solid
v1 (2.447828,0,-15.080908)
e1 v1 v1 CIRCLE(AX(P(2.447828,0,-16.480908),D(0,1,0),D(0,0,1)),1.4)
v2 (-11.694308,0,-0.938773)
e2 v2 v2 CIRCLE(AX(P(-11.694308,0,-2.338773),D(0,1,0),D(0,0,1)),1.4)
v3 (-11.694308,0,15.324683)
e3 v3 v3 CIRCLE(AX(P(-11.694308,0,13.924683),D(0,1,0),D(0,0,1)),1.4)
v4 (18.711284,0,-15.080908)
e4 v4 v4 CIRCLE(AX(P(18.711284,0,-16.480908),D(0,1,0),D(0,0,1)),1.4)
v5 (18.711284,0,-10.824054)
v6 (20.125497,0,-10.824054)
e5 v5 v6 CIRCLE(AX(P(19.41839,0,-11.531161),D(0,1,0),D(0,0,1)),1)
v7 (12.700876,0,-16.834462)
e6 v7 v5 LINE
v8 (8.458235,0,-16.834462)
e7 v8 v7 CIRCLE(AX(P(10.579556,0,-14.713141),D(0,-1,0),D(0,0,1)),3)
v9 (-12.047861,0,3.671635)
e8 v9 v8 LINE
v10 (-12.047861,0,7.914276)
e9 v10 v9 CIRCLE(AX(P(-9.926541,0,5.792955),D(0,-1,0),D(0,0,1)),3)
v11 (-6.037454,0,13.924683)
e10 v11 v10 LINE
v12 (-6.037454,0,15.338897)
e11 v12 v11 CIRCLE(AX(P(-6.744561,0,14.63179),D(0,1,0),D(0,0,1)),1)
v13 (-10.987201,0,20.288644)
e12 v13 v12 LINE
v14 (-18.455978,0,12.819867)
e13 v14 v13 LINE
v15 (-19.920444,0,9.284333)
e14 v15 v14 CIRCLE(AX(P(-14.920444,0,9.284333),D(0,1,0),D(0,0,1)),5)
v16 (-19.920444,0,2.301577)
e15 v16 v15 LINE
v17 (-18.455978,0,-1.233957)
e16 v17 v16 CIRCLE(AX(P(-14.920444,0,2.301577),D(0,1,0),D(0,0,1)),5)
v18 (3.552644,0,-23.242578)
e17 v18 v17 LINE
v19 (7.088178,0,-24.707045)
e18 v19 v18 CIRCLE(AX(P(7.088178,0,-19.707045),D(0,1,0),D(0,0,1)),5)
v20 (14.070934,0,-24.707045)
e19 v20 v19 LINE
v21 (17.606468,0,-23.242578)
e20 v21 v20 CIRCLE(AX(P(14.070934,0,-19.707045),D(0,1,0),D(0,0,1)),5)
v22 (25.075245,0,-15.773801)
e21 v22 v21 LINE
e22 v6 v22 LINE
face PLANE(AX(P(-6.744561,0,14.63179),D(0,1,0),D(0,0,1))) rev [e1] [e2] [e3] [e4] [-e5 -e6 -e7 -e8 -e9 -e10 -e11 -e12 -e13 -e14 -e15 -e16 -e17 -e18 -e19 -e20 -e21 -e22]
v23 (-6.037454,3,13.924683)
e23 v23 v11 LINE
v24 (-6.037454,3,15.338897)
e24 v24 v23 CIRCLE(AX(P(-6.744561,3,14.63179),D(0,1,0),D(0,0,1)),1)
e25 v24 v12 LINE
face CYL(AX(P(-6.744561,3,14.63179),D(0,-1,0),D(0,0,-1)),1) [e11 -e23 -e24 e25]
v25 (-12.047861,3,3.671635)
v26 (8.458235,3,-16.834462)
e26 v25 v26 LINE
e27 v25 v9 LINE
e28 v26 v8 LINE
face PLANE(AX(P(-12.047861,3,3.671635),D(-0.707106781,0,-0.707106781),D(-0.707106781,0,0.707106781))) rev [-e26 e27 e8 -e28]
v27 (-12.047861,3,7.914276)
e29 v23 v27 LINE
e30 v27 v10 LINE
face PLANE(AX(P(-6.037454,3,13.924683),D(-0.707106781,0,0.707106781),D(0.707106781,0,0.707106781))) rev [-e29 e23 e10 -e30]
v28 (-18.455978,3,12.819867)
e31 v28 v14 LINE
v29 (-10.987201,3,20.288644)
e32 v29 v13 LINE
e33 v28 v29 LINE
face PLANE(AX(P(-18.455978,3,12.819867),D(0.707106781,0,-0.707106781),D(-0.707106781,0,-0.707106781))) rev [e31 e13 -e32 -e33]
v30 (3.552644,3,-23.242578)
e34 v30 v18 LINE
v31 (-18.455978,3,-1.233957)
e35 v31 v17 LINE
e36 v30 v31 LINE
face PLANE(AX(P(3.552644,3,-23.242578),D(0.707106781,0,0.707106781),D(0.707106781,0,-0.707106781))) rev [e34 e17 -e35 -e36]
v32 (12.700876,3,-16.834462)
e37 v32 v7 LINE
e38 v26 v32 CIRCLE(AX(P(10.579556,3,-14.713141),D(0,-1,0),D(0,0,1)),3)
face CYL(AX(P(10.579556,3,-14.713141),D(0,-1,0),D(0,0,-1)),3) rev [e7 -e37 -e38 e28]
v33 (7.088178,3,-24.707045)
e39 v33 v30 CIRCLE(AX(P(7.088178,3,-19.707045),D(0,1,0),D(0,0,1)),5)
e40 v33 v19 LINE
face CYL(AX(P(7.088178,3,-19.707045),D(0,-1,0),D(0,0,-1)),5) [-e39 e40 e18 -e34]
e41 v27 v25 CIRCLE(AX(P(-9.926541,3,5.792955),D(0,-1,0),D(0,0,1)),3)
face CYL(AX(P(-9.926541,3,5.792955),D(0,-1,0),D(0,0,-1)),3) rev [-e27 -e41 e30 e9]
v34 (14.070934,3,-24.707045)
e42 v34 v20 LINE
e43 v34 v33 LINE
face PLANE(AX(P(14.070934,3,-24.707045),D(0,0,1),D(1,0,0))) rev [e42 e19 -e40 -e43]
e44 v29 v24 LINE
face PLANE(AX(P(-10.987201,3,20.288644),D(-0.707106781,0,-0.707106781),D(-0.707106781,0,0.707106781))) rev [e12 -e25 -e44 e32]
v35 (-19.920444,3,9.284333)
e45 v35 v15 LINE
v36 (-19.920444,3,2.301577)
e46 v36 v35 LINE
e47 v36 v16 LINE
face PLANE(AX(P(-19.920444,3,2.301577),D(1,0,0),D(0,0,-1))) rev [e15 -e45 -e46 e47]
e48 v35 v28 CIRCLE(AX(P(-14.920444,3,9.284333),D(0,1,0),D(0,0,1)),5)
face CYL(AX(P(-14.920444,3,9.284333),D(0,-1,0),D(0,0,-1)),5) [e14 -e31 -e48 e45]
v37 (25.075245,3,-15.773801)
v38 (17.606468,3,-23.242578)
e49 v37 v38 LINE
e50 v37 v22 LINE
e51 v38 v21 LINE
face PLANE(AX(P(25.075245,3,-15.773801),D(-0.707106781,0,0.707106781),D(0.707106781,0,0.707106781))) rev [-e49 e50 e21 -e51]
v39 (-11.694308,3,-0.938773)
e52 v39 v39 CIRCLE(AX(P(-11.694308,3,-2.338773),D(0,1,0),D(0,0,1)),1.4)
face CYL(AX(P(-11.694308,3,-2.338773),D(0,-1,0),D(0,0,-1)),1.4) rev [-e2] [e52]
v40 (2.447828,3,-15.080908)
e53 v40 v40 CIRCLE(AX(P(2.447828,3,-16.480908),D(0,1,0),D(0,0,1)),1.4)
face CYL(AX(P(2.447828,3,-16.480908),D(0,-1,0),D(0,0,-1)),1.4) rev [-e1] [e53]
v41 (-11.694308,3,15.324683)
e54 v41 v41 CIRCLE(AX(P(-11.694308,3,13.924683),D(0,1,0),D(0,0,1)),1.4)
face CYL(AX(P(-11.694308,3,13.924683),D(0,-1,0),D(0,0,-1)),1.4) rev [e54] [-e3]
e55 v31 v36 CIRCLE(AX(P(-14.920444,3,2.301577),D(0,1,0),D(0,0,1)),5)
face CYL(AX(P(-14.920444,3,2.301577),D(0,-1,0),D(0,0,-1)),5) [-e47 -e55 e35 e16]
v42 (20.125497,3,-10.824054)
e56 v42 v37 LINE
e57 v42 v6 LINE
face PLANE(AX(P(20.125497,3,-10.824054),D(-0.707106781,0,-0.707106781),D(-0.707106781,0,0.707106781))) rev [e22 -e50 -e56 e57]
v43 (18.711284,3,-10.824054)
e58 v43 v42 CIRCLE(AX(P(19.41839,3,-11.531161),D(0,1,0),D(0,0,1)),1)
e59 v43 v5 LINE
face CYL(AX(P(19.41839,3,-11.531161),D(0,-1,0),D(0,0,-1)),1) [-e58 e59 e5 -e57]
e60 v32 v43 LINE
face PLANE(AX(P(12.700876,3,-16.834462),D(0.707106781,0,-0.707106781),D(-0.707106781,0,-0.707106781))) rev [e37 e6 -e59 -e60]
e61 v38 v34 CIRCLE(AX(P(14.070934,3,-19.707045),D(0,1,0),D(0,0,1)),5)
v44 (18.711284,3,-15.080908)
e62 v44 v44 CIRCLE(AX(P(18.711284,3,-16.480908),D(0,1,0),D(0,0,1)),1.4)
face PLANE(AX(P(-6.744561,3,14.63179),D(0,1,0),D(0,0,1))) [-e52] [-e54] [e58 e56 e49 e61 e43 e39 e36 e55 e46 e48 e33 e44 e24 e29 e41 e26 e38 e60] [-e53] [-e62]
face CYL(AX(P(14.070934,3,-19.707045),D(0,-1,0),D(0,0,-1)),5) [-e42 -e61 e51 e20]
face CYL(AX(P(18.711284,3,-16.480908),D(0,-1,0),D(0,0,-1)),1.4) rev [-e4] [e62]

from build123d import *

# Parameters (mm, degrees)
SKETCH1_R           = 1.4
BOSS_EXTRUDE1_DEPTH = 3


with BuildPart() as part:
    # Sketch1 → Boss-Extrude1 (new body)
    with BuildSketch(Plane(origin=(0, 0, 0), x_dir=(1, 0, 0), z_dir=(0, 1, 0))):
        with BuildLine():
            Line((-6.037453791, -13.924683413), (-12.047861431, -7.914275773))
            ThreePointArc((-12.047861431, -7.914275773), (-12.926541087, -5.792955429), (-12.047861431, -3.671635086))
            Line((-12.047861431, -3.671635086), (8.458235223, 16.834461569))
            ThreePointArc((8.458235223, 16.834461569), (10.579555567, 17.713141225), (12.700875911, 16.834461569))
            Line((12.700875911, 16.834461569), (18.711283551, 10.824053929))
            ThreePointArc((18.711283551, 10.824053929), (19.418390332, 10.53116071), (20.125497113, 10.824053929))
            Line((20.125497113, 10.824053929), (25.075244581, 15.773801397))
            Line((25.075244581, 15.773801397), (17.606467502, 23.242578477))
            ThreePointArc((17.606467502, 23.242578477), (15.984350757, 24.326442233), (14.070933596, 24.707044571))
            Line((14.070933596, 24.707044571), (7.088177538, 24.707044571))
            ThreePointArc((7.088177538, 24.707044571), (5.174760376, 24.326442233), (3.552643632, 23.242578477))
            Line((3.552643632, 23.242578477), (-18.455978339, 1.233956505))
            ThreePointArc((-18.455978339, 1.233956505), (-19.539842096, -0.388160239), (-19.920444433, -2.301577401))
            Line((-19.920444433, -2.301577401), (-19.920444433, -9.284333458))
            ThreePointArc((-19.920444433, -9.284333458), (-19.539842096, -11.19775062), (-18.455978339, -12.819867364))
            Line((-18.455978339, -12.819867364), (-10.987201259, -20.288644444))
            Line((-10.987201259, -20.288644444), (-6.037453791, -15.338896975))
            ThreePointArc((-6.037453791, -15.338896975), (-5.744560572, -14.631790194), (-6.037453791, -13.924683413))
        make_face()
        with Locations((18.711283551, 16.480908178)):
            Circle(SKETCH1_R, mode=Mode.SUBTRACT)
        with Locations((2.447827583, 16.480908178)):
            Circle(SKETCH1_R, mode=Mode.SUBTRACT)
        with Locations((-11.69430804, 2.338772554)):
            Circle(SKETCH1_R, mode=Mode.SUBTRACT)
        with Locations((-11.69430804, -13.924683413)):
            Circle(SKETCH1_R, mode=Mode.SUBTRACT)
    extrude(amount=BOSS_EXTRUDE1_DEPTH)


solid = part.part
